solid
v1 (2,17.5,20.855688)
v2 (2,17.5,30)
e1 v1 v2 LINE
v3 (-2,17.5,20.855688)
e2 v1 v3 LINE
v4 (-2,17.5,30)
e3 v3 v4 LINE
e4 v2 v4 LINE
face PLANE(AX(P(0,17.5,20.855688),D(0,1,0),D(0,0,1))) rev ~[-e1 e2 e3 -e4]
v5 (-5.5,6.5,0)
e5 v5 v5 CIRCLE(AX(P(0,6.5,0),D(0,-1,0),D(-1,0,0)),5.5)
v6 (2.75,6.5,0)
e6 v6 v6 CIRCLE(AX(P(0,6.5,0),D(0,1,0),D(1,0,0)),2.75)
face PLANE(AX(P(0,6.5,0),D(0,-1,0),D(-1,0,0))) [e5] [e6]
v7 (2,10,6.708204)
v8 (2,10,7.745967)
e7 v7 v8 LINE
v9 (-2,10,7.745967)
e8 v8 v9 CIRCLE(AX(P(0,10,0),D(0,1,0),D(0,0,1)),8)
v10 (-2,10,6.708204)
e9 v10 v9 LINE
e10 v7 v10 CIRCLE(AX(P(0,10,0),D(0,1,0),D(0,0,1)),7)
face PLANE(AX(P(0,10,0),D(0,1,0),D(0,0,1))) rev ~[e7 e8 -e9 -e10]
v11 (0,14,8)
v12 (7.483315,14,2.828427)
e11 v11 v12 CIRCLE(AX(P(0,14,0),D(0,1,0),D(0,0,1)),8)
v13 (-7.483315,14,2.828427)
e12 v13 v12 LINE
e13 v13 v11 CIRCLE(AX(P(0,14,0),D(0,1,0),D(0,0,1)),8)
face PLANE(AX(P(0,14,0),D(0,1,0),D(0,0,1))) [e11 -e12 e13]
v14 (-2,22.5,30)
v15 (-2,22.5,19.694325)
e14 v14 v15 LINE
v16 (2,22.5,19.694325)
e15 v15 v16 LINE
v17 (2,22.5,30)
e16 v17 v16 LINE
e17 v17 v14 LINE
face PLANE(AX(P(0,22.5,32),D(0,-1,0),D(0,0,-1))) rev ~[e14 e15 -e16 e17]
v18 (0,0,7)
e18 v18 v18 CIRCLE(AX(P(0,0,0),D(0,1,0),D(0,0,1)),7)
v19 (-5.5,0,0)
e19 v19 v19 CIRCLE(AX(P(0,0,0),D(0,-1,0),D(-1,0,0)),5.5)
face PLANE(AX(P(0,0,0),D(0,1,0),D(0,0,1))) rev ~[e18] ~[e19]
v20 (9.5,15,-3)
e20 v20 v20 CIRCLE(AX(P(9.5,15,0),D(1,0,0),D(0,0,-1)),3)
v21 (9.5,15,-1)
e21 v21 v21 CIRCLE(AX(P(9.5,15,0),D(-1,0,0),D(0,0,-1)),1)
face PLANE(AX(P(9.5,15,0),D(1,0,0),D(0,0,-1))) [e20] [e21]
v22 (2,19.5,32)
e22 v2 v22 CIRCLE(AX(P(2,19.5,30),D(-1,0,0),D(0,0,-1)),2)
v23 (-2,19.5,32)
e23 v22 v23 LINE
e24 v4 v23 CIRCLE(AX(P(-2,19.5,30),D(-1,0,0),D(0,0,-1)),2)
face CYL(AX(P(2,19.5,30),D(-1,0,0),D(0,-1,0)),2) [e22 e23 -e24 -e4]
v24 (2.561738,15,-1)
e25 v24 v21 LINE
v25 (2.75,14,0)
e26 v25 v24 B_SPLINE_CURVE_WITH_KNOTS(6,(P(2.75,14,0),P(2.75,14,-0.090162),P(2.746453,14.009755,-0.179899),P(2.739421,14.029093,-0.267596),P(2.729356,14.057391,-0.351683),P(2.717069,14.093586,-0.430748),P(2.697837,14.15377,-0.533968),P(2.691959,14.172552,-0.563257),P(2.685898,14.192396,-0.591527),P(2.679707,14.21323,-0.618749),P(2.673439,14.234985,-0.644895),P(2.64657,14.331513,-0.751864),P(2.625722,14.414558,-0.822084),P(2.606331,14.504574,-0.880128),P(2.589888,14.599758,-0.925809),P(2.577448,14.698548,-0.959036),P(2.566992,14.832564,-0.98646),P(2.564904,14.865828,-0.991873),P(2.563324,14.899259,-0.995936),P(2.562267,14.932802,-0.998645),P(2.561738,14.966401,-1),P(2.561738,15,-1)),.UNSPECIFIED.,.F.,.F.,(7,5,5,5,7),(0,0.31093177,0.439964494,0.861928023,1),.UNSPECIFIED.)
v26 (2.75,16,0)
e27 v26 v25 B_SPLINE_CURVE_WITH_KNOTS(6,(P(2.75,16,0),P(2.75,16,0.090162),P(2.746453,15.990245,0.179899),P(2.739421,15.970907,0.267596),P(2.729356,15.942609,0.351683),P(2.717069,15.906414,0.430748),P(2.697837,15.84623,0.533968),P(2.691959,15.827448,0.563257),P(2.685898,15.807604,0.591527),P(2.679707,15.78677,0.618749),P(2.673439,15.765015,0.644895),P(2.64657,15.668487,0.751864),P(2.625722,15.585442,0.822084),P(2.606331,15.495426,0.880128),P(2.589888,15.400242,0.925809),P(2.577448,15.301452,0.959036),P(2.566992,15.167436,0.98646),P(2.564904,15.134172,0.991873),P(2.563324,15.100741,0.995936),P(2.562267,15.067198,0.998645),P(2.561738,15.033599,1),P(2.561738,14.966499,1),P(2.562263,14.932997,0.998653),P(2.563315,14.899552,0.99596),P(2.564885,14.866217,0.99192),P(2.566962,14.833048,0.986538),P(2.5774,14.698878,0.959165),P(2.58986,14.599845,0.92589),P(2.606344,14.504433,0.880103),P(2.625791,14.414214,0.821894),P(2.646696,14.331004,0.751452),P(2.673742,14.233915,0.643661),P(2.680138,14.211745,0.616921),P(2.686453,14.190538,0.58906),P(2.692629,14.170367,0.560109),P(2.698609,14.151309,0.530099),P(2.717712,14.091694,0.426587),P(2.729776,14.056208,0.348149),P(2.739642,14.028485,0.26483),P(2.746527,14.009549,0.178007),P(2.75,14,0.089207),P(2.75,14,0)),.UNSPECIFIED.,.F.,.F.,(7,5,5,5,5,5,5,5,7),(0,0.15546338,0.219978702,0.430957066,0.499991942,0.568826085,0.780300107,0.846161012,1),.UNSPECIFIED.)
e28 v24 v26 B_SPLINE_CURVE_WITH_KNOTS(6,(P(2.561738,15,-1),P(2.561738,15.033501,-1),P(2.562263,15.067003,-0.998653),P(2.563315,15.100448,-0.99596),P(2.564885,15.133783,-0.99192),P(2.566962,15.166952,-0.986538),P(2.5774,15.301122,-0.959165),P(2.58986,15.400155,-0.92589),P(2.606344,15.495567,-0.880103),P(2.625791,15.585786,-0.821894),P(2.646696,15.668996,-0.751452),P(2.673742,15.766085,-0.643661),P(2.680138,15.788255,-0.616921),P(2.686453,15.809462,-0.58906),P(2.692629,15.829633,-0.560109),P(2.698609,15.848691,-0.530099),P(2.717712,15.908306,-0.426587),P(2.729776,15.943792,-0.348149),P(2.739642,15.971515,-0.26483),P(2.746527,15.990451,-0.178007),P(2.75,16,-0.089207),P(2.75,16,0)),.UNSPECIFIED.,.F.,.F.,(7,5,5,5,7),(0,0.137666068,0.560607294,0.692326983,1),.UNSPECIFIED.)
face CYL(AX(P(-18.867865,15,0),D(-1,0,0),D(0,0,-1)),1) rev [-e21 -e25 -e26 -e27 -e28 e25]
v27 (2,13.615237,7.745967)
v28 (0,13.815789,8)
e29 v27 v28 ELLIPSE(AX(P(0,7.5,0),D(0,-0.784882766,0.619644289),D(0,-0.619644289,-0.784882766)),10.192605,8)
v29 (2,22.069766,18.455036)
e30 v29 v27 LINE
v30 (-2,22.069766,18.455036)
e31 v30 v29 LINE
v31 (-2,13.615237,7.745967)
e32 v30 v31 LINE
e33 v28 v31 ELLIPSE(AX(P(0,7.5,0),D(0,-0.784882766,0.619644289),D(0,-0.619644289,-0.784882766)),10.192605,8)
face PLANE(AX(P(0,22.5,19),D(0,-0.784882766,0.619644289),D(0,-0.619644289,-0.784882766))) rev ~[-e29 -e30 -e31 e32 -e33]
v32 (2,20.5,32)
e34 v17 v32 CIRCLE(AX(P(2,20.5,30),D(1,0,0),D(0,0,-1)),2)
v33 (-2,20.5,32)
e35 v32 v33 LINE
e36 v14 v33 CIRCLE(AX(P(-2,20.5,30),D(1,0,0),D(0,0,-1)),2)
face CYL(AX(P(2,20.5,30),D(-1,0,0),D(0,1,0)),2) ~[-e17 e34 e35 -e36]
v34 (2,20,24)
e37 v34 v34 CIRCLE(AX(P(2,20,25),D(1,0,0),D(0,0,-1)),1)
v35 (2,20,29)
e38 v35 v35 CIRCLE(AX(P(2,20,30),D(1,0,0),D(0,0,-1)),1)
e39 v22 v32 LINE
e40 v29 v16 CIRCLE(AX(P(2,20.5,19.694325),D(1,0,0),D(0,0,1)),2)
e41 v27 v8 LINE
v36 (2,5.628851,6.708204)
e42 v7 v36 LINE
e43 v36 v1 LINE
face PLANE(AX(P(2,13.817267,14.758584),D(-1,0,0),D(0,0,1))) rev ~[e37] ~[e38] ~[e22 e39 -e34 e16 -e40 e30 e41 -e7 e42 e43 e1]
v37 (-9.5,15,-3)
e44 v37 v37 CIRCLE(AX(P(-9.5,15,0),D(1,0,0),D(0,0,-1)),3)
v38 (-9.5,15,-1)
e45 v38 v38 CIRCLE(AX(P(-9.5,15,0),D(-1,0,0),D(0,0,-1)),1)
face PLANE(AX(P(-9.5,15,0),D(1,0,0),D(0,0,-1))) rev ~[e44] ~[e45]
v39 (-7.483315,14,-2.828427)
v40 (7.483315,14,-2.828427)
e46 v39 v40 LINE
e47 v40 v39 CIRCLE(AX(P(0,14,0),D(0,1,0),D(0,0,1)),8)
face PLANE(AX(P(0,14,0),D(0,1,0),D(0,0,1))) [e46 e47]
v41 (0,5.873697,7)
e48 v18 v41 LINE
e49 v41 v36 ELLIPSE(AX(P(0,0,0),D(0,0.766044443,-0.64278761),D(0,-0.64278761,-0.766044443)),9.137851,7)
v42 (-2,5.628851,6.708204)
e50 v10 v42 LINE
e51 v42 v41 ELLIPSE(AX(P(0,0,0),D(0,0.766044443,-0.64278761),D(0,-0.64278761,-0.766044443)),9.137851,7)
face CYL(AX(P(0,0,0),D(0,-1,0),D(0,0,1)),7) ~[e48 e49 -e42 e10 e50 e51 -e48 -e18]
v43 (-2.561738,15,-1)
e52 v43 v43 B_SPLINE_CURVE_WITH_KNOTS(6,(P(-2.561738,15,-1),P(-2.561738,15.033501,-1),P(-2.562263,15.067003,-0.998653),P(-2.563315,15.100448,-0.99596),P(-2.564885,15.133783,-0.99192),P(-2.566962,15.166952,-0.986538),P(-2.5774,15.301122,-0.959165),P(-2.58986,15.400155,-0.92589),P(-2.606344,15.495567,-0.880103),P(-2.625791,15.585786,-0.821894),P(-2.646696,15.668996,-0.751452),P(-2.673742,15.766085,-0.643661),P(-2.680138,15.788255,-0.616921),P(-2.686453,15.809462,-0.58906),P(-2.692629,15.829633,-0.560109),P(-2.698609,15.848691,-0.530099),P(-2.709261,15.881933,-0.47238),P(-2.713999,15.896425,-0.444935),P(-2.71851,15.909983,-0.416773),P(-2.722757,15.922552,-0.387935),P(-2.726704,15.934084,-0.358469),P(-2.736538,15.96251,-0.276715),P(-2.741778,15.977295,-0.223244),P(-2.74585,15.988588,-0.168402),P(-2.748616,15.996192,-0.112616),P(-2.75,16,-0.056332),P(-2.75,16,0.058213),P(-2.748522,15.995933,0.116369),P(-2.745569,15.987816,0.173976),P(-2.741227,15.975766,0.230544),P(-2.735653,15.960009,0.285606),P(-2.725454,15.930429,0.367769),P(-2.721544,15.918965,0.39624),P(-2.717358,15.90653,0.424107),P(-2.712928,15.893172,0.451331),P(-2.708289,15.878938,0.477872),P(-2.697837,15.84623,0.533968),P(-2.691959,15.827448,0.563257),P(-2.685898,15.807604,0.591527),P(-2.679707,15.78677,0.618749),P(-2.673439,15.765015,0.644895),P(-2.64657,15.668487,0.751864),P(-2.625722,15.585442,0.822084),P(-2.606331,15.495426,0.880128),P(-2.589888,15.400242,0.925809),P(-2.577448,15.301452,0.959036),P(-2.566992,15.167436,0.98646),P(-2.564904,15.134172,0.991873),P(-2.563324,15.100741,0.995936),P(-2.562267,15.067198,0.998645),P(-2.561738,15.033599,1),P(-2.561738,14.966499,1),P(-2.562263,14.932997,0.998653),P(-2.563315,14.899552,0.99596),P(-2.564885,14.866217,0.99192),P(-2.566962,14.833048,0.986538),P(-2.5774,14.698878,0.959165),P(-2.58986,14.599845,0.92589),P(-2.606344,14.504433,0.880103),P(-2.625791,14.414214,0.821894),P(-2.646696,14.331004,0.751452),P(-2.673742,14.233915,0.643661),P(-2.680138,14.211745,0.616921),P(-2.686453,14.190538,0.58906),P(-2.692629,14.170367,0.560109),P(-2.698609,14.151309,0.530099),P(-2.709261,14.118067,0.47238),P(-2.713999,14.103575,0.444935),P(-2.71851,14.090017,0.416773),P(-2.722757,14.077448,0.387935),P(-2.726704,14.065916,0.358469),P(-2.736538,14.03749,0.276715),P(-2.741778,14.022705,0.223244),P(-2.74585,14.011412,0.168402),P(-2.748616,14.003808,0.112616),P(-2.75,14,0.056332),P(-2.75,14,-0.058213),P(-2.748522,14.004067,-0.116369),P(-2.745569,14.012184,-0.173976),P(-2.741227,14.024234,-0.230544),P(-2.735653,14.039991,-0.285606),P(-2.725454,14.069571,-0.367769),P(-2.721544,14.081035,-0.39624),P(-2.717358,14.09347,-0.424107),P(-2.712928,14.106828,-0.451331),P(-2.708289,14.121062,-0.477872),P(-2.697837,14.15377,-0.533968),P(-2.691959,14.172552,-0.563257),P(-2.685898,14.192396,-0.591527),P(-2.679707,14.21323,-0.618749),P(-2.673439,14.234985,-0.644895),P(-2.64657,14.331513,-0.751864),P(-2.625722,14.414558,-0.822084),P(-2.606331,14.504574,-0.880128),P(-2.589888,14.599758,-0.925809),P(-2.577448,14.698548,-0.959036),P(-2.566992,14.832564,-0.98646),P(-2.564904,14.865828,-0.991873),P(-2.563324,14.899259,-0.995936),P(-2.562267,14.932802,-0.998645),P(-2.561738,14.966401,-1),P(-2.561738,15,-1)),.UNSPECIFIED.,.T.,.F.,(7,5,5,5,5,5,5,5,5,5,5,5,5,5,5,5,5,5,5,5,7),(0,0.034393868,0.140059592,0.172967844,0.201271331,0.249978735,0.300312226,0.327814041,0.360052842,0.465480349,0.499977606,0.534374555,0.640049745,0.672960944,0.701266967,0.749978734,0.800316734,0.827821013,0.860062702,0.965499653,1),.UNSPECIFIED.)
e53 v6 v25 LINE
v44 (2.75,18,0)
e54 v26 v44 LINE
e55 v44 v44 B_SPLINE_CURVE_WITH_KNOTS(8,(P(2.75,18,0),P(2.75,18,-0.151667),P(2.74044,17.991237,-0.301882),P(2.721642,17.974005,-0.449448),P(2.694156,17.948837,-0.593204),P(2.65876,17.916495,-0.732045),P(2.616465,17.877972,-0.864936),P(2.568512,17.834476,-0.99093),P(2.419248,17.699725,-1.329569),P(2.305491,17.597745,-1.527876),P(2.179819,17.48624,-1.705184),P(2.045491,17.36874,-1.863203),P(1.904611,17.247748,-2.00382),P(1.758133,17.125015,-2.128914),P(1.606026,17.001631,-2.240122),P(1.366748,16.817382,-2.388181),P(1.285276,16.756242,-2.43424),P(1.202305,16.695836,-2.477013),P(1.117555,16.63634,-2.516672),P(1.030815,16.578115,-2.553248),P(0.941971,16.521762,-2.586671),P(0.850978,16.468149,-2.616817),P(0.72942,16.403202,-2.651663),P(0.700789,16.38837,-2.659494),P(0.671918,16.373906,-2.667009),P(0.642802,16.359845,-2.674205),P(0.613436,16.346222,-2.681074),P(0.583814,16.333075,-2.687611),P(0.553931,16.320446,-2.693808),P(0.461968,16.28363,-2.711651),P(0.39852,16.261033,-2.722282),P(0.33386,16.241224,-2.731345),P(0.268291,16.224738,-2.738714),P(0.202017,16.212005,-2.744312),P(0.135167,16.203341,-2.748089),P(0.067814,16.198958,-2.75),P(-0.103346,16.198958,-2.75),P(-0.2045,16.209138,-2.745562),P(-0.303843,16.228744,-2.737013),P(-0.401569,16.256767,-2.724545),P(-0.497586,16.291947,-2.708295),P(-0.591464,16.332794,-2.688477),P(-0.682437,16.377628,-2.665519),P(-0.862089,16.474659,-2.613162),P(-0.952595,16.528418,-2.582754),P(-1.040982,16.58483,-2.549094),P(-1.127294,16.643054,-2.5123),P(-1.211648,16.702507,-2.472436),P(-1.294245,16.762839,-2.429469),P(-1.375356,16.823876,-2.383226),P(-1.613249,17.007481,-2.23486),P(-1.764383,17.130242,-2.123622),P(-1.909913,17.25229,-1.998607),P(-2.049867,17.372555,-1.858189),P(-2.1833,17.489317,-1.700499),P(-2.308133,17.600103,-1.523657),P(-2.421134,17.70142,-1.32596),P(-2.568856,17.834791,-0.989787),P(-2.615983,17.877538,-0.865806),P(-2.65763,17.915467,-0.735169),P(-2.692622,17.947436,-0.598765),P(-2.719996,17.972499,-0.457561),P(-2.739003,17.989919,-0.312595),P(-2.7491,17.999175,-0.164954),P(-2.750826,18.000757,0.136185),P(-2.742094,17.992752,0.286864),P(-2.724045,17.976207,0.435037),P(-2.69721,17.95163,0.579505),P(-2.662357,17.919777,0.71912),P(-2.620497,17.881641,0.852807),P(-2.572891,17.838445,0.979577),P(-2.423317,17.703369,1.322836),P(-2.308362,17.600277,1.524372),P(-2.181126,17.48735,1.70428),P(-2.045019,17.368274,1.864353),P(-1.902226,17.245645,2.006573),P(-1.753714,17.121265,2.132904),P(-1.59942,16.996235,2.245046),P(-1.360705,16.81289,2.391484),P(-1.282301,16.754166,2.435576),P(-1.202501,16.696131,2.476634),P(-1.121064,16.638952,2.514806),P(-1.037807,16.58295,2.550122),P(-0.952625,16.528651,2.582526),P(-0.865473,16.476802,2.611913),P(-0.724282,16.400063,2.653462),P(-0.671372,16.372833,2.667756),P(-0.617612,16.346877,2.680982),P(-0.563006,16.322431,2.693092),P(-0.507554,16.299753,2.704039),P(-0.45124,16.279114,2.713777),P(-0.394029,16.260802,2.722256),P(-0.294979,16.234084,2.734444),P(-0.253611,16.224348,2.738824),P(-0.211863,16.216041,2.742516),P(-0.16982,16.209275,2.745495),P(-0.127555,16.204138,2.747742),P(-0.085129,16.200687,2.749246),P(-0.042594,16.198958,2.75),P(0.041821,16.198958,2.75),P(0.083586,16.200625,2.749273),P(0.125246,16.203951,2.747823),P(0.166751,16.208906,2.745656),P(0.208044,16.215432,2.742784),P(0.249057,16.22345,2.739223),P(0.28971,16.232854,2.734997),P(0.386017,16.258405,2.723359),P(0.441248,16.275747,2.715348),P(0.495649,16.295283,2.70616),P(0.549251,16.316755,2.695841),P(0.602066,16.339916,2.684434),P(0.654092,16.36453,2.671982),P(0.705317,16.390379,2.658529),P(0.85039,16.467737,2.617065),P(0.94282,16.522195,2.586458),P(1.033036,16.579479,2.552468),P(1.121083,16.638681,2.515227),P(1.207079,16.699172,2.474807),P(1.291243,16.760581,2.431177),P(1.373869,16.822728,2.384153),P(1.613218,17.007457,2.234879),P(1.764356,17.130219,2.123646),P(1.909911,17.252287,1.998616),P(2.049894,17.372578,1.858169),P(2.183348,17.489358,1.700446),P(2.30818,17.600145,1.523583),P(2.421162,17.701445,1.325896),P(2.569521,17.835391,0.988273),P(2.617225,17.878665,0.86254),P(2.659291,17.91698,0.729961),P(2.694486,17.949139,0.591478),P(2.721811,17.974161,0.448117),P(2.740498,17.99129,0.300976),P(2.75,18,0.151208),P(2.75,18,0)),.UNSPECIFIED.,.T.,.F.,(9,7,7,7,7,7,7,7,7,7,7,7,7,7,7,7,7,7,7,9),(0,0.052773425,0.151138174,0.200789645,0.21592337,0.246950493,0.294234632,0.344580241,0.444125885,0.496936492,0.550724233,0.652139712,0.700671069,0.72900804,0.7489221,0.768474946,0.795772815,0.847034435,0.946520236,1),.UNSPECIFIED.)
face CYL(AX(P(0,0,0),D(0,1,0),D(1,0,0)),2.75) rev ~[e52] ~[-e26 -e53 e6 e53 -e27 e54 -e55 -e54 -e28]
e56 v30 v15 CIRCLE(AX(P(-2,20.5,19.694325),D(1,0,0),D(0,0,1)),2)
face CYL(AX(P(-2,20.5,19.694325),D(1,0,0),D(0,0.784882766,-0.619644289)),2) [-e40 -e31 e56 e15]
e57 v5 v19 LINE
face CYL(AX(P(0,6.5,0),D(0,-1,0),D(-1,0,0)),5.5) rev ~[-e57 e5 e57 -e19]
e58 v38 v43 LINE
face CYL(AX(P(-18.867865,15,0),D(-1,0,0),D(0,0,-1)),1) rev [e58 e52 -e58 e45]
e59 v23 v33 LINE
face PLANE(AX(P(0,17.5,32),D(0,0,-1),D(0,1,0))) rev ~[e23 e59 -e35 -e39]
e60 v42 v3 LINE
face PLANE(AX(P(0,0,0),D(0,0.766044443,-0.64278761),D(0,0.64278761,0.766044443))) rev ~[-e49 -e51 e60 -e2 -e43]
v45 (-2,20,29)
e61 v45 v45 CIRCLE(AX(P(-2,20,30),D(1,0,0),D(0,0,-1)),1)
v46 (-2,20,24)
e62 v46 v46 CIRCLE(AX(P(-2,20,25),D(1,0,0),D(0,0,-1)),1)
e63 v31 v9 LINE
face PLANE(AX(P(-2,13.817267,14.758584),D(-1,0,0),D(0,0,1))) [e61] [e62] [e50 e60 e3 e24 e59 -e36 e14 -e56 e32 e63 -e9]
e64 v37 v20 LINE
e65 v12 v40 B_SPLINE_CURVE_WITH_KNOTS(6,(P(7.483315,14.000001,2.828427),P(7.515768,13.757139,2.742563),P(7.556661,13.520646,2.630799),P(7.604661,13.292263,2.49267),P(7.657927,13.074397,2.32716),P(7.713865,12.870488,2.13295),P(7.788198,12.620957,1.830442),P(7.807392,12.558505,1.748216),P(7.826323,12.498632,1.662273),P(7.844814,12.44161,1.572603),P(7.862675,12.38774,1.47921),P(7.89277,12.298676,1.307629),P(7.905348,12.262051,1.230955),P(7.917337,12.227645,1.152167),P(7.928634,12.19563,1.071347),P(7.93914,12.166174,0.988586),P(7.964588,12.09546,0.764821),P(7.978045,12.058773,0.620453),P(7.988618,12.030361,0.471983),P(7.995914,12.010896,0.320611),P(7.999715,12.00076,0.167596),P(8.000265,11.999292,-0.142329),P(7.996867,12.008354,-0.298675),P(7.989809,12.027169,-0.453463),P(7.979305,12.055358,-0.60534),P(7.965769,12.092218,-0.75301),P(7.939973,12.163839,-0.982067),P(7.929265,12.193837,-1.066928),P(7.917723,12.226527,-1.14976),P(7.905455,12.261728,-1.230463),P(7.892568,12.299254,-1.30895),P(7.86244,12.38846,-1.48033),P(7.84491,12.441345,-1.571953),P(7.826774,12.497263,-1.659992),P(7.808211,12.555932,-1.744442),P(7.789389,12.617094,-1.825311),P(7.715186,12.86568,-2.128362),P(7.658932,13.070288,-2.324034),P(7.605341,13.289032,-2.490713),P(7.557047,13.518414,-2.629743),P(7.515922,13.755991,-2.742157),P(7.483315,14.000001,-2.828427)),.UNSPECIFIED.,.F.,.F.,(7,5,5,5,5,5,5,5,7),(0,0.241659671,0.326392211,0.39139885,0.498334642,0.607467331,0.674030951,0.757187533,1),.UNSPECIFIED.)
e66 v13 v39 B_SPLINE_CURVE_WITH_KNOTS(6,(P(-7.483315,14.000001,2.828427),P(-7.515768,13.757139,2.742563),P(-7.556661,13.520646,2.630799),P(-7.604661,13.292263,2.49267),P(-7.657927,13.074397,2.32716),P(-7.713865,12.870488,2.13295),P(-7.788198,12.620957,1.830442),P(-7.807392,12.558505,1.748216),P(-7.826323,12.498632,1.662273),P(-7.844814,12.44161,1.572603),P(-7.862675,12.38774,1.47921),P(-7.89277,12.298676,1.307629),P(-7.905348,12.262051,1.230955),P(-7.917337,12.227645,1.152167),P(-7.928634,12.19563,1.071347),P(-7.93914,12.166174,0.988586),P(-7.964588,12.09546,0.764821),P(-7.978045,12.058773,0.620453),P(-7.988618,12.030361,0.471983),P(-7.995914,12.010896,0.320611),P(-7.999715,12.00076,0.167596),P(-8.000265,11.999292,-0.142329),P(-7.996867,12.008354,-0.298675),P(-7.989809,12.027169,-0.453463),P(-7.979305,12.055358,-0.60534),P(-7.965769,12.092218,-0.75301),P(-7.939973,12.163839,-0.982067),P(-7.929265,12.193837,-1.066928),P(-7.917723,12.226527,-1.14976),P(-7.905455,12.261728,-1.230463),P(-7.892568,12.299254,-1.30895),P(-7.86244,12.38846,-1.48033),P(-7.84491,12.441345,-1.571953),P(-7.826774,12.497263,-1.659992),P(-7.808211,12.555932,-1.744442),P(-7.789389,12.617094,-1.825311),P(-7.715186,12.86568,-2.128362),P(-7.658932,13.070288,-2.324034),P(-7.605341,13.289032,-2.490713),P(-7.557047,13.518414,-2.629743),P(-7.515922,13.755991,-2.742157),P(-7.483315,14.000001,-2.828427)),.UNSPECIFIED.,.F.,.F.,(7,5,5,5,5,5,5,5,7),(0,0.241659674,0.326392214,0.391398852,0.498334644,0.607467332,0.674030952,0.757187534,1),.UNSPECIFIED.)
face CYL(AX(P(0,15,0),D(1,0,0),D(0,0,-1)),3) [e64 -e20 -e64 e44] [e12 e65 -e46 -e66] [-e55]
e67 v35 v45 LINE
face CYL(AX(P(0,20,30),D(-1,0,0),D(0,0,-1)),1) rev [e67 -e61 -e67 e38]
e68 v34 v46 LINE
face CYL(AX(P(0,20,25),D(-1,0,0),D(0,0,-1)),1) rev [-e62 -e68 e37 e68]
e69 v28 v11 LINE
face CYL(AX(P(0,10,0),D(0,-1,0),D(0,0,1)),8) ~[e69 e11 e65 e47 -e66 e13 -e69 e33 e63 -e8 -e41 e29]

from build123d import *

# Parameters (mm, degrees)
SKETCH_1_R                   = 7
EXTRUDE_1_DEPTH              = 10
SKETCH_2_R                   = 8
EXTRUDE_2_DEPTH              = 4
SKETCH_3_R                   = 3
EXTRUDE_3_DEPTH              = 9.5
CUT_EXTRUDE_1_DEPTH          = 28.367864531
CUT_EXTRUDE_1_DEPTH_BACK     = 28.367864531
SKETCH_4_R                   = 1
SKETCH_8_R                   = 1
EXTRUDE_4_DEPTH              = 2
HOLE_WIZARD_M5_1_D           = 5.5
HOLE_WIZARD_M5_1_CBORE_D     = 11
HOLE_WIZARD_M5_1_CBORE_DEPTH = 6.5
FILLET_1_R                   = 2


with BuildPart() as part:
    # 草图1 → 凸台-拉伸1 (new body)
    with BuildSketch(Plane(origin=(0, 0, 0), x_dir=(1, 0, 0), z_dir=(0, 1, 0))):
        with Locations(Location((0, 0, 0), (0, 0, 270))):
            Circle(SKETCH_1_R)
    extrude(amount=EXTRUDE_1_DEPTH)

    # 草图2 → 凸台-拉伸2 (add)
    with BuildSketch(Plane(origin=(0, 10, 0), x_dir=(1, 0, 0), z_dir=(0, 1, 0))):
        with Locations(Location((0, 0, 0), (0, 0, 270))):
            Circle(SKETCH_2_R)
    extrude(amount=EXTRUDE_2_DEPTH)

    # 草图3 → 凸台-拉伸3 (add, symmetric)
    with BuildSketch(Plane(origin=(0, 0, 0), x_dir=(0, 0, -1), z_dir=(1, 0, 0))):
        with Locations((0, 15)):
            Circle(SKETCH_3_R)
    extrude(amount=EXTRUDE_3_DEPTH, both=True)

    # 草图4 → 切除-拉伸1 (cut, two sides: drawn at the far end of the back side and taken through both)
    with BuildSketch(Plane(origin=(9.5, 0, 0), x_dir=(0, 0, -1), z_dir=(1, 0, 0)).offset(-CUT_EXTRUDE_1_DEPTH_BACK)):
        with Locations((0, 15)):
            Circle(SKETCH_4_R)
    extrude(amount=CUT_EXTRUDE_1_DEPTH + CUT_EXTRUDE_1_DEPTH_BACK, mode=Mode.SUBTRACT)

    # 草图8 → 凸台-拉伸4 (add, symmetric)
    with BuildSketch(Plane(origin=(0, 0, 0), x_dir=(0, 0, -1), z_dir=(1, 0, 0))):
        Polygon((0, 0), (-20.85568787, 17.5), (-32, 17.5), (-32, 22.5), (-19, 22.5), (0, 7.5), align=None)
        with Locations((-30, 20)):
            Circle(SKETCH_8_R, mode=Mode.SUBTRACT)
        with Locations((-25, 20)):
            Circle(SKETCH_8_R, mode=Mode.SUBTRACT)
    extrude(amount=EXTRUDE_4_DEPTH, both=True)

    # M5 六角头螺栓的柱形沉头孔1 (through all)
    with Locations(Plane(origin=(0, 0, 0), x_dir=(-1, 0, 0), z_dir=(0, -1, 0))):
        with Locations((0, 0)):
            CounterBoreHole(HOLE_WIZARD_M5_1_D / 2, HOLE_WIZARD_M5_1_CBORE_D / 2, HOLE_WIZARD_M5_1_CBORE_DEPTH)

    # 圆角1
    fillet_1_edges = [part.edges().sort_by_distance(p)[0] for p in [
        (0, 22.5, 19),
        (0, 22.5, 32),
        (0, 17.5, 32),
    ]]
    fillet(fillet_1_edges, radius=FILLET_1_R)


solid = part.part
